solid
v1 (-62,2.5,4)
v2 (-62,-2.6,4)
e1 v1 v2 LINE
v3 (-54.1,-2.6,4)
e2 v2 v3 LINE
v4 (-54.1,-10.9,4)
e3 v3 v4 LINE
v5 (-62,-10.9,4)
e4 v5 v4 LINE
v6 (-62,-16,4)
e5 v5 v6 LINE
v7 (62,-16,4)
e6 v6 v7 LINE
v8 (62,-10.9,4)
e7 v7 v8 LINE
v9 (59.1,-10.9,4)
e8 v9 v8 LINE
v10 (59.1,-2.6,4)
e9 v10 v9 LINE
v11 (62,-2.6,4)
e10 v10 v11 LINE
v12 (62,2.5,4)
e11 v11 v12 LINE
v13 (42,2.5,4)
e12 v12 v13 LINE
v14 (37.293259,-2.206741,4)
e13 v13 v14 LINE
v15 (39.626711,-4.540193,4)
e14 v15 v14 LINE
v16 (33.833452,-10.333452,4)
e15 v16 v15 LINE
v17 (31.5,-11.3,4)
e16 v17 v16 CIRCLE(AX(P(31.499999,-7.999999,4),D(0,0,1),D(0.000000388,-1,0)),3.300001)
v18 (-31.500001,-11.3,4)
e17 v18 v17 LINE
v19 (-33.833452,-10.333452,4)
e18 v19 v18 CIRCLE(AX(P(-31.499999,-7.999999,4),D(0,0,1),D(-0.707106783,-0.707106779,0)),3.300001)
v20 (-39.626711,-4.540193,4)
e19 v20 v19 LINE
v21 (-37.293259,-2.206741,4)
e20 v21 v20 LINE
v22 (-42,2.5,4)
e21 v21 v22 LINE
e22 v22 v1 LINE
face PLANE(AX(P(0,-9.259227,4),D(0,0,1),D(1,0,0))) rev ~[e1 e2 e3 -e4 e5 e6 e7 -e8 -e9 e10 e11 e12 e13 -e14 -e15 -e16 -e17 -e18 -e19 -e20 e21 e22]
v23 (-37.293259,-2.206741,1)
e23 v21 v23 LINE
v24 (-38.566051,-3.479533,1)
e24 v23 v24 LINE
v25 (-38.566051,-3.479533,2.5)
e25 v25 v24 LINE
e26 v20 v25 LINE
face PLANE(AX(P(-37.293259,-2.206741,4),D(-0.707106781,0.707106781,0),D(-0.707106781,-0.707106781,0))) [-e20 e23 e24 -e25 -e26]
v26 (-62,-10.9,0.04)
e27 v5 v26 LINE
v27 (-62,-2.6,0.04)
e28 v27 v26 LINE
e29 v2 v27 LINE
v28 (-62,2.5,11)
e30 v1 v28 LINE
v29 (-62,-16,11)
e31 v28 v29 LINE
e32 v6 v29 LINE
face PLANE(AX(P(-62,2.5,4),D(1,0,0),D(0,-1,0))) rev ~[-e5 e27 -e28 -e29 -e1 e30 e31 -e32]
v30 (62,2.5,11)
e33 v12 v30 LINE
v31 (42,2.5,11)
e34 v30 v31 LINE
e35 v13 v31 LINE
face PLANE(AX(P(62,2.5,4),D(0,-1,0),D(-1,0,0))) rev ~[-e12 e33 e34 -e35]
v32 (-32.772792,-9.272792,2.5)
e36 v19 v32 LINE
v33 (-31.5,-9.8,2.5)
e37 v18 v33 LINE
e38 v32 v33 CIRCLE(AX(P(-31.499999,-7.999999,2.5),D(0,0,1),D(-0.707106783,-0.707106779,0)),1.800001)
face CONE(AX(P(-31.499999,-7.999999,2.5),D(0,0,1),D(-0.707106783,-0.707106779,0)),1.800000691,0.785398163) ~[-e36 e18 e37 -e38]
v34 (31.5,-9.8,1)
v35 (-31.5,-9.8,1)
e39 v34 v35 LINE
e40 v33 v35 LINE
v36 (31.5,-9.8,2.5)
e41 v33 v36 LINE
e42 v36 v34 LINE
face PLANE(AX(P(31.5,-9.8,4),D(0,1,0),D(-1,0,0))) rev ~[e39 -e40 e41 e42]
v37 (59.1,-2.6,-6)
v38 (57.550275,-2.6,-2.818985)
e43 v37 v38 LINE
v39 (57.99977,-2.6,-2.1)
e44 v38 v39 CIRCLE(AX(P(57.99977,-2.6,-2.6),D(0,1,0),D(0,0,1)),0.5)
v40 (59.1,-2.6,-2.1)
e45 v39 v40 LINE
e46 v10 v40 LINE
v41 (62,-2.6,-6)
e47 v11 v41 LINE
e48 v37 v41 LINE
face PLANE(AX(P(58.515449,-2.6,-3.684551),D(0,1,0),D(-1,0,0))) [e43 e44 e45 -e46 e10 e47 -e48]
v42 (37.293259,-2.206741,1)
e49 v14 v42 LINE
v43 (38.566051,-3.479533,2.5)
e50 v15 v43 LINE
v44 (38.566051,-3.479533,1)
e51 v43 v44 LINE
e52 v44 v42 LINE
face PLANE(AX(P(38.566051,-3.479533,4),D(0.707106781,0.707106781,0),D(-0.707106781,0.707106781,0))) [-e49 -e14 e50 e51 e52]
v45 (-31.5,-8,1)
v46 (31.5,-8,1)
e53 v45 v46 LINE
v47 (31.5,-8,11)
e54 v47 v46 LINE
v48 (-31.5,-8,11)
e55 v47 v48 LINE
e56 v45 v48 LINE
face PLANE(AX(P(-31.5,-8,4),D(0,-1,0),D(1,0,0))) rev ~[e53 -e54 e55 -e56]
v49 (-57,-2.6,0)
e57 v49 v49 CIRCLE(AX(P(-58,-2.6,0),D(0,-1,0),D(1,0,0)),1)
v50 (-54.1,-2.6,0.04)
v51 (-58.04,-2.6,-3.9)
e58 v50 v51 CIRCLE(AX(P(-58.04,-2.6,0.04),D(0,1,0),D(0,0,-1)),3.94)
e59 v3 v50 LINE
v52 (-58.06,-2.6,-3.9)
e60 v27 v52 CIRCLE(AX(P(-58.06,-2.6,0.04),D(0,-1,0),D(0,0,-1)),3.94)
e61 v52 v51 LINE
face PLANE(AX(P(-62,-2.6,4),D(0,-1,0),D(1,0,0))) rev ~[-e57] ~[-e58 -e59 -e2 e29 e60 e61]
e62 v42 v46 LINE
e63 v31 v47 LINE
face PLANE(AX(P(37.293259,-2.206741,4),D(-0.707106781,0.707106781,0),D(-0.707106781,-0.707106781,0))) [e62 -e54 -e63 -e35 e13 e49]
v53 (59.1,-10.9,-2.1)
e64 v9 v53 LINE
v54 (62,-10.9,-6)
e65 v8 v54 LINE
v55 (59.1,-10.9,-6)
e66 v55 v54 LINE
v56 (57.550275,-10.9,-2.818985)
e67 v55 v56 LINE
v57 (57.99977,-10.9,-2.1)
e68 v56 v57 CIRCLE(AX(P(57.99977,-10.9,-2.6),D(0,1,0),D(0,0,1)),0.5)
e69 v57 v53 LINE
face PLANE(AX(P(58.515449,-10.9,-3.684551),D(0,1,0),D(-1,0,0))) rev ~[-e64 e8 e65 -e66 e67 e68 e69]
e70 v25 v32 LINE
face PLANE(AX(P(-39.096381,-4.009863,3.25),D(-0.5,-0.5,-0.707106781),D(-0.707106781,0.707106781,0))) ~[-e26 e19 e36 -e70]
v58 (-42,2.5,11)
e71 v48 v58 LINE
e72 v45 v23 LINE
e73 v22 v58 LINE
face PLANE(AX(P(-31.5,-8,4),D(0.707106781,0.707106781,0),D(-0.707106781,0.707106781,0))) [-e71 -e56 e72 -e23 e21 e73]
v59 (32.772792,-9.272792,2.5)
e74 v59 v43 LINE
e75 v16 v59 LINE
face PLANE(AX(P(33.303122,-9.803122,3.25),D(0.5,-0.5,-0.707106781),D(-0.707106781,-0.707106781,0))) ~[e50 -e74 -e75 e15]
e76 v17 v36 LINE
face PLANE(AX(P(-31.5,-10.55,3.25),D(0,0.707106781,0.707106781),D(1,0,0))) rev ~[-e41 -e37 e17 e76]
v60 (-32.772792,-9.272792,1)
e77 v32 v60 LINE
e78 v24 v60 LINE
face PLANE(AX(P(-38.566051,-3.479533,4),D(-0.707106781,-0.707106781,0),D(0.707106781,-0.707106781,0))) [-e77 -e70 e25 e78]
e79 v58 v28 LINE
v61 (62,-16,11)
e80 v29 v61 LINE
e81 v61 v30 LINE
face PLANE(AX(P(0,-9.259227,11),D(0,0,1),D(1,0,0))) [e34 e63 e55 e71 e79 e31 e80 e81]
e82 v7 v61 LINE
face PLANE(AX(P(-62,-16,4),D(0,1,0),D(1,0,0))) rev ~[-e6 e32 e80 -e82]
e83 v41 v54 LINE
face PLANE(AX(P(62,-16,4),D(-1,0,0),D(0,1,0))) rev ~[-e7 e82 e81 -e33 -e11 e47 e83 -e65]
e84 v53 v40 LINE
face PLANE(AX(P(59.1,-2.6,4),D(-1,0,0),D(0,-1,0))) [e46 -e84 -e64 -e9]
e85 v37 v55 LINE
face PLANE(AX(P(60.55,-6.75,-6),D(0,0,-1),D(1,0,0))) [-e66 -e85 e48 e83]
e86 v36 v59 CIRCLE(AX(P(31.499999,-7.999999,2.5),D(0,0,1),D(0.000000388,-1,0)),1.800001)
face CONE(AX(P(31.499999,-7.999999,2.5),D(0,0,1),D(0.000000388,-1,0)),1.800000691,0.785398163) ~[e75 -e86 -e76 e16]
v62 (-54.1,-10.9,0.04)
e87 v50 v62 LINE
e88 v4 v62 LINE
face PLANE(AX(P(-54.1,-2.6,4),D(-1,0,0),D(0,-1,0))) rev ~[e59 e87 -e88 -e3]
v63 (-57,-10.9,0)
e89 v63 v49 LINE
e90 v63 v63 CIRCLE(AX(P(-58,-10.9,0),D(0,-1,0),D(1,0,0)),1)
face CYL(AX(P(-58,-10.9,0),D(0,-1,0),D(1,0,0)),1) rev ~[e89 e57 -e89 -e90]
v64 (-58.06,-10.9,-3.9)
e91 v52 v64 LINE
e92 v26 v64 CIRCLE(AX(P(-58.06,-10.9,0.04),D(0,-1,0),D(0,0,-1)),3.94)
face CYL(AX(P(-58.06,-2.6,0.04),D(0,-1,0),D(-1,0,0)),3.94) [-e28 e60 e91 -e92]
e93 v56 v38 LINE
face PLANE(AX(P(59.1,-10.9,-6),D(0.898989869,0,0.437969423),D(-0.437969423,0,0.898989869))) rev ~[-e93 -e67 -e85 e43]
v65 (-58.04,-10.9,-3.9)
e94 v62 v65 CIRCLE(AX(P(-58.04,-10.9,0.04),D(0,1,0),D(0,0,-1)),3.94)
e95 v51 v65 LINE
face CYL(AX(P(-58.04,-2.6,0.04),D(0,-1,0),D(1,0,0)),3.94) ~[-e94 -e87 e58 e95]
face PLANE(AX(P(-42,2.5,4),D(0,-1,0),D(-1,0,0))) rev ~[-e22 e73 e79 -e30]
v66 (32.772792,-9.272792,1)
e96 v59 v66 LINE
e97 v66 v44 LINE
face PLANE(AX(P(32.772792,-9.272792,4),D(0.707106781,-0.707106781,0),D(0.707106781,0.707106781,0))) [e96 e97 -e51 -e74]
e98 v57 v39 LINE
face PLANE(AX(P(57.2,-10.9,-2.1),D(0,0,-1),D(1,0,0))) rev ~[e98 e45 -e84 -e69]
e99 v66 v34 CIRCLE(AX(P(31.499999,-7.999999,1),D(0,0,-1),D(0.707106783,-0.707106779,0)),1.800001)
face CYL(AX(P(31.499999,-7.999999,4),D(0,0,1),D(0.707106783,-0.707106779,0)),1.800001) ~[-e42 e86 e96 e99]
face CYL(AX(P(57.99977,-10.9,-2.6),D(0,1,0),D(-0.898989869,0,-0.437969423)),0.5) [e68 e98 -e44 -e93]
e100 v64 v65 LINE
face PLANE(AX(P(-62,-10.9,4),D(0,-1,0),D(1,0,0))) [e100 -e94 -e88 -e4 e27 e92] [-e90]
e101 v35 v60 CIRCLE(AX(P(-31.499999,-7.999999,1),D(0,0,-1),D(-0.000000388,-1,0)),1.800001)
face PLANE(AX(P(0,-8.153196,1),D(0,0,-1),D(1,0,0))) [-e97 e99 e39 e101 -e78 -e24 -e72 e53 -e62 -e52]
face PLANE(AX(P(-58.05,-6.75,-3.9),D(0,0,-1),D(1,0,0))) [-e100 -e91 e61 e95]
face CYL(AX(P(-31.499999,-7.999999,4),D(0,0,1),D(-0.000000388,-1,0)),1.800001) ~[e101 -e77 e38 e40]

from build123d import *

# Parameters (mm, degrees)
PAD002_DEPTH    = 7
PAD003_DEPTH    = 3
CHAMFER003_SIZE = 1.5
SKETCH009_W     = 7.9
SKETCH009_H     = 8.3
PAD004_DEPTH    = 7.9
FILLET001_R     = 3.94
SKETCH010_R     = 1
HOLE002_DEPTH   = 25
SKETCH012_W     = 2.9
SKETCH012_H     = 8.3
PAD005_DEPTH    = 10
PAD006_DEPTH    = 8.3
FILLET002_R     = 0.5


with BuildPart() as part:
    # Sketch006 → Pad002 (new body)
    with BuildSketch(Plane.XY.offset(4)):
        Polygon((-62, 2.5), (-62, -16), (62, -16), (62, 2.5), (42, 2.5), (31.5, -8), (-31.5, -8), (-42, 2.5), align=None)
    extrude(amount=PAD002_DEPTH)

    # Sketch007 (on Face9 of Pad002) → Pad003 (join)
    with BuildSketch(Plane(origin=(0, 0, 4), x_dir=(1, 0, 0), z_dir=(0, 0, -1))):
        with BuildLine():
            Line((-31.5, 8), (31.5, 8))
            Line((37.293259, 2.206741), (31.5, 8))
            Line((38.566051, 3.479533), (37.293259, 2.206741))
            Line((32.772792, 9.272792), (38.566051, 3.479533))
            ThreePointArc((32.772792, 9.272792), (32.18883, 9.662983), (31.5, 9.8))
            Line((31.5, 9.8), (-31.5, 9.8))
            ThreePointArc((-31.5, 9.8), (-32.18883, 9.662983), (-32.772792, 9.272792))
            Line((-38.566051, 3.479533), (-32.772792, 9.272792))
            Line((-37.293259, 2.206741), (-38.566051, 3.479533))
            Line((-31.5, 8), (-37.293259, 2.206741))
        make_face()
    extrude(amount=PAD003_DEPTH)

    # Chamfer003
    chamfer003_edges = [part.edges().sort_by_distance(p)[0] for p in [
        (-35.669422, -6.376163, 4),
    ]]
    chamfer(chamfer003_edges, length=CHAMFER003_SIZE)

    # Sketch009 (on Face1 of Chamfer003) → Pad004 (join)
    with BuildSketch(Plane(origin=(0, 0, 4), x_dir=(1, 0, 0), z_dir=(0, 0, -1))):
        with Locations((-58.05, 6.75)):
            Rectangle(SKETCH009_W, SKETCH009_H)
    extrude(amount=PAD004_DEPTH)

    # Fillet001
    fillet001_edges = [part.edges().sort_by_distance(p)[0] for p in [
        (-54.1, -6.75, -3.9),
        (-62, -6.75, -3.9),
    ]]
    fillet(fillet001_edges, radius=FILLET001_R)

    # Sketch010 (on Face1 of Fillet001) → Hole002 (cut)
    with BuildSketch(Plane.XZ.offset(10.9)):
        with Locations((-58, 0)):
            Circle(SKETCH010_R)
    extrude(amount=-HOLE002_DEPTH, mode=Mode.SUBTRACT)

    # Sketch012 (on Face4 of Hole002) → Pad005 (join)
    with BuildSketch(Plane(origin=(0, 0, 4), x_dir=(1, 0, 0), z_dir=(0, 0, -1))):
        with Locations((60.55, 6.75)):
            Rectangle(SKETCH012_W, SKETCH012_H)
    extrude(amount=PAD005_DEPTH)

    # Sketch013 (on Face21 of Pad005) → Pad006 (join)
    with BuildSketch(Plane.XZ.offset(10.9)):
        Polygon((59.1, -6), (57.2, -2.1), (59.1, -2.1), align=None)
    extrude(amount=-PAD006_DEPTH)

    # Fillet002
    fillet002_edges = [part.edges().sort_by_distance(p)[0] for p in [
        (57.2, -6.75, -2.1),
    ]]
    fillet(fillet002_edges, radius=FILLET002_R)


solid = part.part
